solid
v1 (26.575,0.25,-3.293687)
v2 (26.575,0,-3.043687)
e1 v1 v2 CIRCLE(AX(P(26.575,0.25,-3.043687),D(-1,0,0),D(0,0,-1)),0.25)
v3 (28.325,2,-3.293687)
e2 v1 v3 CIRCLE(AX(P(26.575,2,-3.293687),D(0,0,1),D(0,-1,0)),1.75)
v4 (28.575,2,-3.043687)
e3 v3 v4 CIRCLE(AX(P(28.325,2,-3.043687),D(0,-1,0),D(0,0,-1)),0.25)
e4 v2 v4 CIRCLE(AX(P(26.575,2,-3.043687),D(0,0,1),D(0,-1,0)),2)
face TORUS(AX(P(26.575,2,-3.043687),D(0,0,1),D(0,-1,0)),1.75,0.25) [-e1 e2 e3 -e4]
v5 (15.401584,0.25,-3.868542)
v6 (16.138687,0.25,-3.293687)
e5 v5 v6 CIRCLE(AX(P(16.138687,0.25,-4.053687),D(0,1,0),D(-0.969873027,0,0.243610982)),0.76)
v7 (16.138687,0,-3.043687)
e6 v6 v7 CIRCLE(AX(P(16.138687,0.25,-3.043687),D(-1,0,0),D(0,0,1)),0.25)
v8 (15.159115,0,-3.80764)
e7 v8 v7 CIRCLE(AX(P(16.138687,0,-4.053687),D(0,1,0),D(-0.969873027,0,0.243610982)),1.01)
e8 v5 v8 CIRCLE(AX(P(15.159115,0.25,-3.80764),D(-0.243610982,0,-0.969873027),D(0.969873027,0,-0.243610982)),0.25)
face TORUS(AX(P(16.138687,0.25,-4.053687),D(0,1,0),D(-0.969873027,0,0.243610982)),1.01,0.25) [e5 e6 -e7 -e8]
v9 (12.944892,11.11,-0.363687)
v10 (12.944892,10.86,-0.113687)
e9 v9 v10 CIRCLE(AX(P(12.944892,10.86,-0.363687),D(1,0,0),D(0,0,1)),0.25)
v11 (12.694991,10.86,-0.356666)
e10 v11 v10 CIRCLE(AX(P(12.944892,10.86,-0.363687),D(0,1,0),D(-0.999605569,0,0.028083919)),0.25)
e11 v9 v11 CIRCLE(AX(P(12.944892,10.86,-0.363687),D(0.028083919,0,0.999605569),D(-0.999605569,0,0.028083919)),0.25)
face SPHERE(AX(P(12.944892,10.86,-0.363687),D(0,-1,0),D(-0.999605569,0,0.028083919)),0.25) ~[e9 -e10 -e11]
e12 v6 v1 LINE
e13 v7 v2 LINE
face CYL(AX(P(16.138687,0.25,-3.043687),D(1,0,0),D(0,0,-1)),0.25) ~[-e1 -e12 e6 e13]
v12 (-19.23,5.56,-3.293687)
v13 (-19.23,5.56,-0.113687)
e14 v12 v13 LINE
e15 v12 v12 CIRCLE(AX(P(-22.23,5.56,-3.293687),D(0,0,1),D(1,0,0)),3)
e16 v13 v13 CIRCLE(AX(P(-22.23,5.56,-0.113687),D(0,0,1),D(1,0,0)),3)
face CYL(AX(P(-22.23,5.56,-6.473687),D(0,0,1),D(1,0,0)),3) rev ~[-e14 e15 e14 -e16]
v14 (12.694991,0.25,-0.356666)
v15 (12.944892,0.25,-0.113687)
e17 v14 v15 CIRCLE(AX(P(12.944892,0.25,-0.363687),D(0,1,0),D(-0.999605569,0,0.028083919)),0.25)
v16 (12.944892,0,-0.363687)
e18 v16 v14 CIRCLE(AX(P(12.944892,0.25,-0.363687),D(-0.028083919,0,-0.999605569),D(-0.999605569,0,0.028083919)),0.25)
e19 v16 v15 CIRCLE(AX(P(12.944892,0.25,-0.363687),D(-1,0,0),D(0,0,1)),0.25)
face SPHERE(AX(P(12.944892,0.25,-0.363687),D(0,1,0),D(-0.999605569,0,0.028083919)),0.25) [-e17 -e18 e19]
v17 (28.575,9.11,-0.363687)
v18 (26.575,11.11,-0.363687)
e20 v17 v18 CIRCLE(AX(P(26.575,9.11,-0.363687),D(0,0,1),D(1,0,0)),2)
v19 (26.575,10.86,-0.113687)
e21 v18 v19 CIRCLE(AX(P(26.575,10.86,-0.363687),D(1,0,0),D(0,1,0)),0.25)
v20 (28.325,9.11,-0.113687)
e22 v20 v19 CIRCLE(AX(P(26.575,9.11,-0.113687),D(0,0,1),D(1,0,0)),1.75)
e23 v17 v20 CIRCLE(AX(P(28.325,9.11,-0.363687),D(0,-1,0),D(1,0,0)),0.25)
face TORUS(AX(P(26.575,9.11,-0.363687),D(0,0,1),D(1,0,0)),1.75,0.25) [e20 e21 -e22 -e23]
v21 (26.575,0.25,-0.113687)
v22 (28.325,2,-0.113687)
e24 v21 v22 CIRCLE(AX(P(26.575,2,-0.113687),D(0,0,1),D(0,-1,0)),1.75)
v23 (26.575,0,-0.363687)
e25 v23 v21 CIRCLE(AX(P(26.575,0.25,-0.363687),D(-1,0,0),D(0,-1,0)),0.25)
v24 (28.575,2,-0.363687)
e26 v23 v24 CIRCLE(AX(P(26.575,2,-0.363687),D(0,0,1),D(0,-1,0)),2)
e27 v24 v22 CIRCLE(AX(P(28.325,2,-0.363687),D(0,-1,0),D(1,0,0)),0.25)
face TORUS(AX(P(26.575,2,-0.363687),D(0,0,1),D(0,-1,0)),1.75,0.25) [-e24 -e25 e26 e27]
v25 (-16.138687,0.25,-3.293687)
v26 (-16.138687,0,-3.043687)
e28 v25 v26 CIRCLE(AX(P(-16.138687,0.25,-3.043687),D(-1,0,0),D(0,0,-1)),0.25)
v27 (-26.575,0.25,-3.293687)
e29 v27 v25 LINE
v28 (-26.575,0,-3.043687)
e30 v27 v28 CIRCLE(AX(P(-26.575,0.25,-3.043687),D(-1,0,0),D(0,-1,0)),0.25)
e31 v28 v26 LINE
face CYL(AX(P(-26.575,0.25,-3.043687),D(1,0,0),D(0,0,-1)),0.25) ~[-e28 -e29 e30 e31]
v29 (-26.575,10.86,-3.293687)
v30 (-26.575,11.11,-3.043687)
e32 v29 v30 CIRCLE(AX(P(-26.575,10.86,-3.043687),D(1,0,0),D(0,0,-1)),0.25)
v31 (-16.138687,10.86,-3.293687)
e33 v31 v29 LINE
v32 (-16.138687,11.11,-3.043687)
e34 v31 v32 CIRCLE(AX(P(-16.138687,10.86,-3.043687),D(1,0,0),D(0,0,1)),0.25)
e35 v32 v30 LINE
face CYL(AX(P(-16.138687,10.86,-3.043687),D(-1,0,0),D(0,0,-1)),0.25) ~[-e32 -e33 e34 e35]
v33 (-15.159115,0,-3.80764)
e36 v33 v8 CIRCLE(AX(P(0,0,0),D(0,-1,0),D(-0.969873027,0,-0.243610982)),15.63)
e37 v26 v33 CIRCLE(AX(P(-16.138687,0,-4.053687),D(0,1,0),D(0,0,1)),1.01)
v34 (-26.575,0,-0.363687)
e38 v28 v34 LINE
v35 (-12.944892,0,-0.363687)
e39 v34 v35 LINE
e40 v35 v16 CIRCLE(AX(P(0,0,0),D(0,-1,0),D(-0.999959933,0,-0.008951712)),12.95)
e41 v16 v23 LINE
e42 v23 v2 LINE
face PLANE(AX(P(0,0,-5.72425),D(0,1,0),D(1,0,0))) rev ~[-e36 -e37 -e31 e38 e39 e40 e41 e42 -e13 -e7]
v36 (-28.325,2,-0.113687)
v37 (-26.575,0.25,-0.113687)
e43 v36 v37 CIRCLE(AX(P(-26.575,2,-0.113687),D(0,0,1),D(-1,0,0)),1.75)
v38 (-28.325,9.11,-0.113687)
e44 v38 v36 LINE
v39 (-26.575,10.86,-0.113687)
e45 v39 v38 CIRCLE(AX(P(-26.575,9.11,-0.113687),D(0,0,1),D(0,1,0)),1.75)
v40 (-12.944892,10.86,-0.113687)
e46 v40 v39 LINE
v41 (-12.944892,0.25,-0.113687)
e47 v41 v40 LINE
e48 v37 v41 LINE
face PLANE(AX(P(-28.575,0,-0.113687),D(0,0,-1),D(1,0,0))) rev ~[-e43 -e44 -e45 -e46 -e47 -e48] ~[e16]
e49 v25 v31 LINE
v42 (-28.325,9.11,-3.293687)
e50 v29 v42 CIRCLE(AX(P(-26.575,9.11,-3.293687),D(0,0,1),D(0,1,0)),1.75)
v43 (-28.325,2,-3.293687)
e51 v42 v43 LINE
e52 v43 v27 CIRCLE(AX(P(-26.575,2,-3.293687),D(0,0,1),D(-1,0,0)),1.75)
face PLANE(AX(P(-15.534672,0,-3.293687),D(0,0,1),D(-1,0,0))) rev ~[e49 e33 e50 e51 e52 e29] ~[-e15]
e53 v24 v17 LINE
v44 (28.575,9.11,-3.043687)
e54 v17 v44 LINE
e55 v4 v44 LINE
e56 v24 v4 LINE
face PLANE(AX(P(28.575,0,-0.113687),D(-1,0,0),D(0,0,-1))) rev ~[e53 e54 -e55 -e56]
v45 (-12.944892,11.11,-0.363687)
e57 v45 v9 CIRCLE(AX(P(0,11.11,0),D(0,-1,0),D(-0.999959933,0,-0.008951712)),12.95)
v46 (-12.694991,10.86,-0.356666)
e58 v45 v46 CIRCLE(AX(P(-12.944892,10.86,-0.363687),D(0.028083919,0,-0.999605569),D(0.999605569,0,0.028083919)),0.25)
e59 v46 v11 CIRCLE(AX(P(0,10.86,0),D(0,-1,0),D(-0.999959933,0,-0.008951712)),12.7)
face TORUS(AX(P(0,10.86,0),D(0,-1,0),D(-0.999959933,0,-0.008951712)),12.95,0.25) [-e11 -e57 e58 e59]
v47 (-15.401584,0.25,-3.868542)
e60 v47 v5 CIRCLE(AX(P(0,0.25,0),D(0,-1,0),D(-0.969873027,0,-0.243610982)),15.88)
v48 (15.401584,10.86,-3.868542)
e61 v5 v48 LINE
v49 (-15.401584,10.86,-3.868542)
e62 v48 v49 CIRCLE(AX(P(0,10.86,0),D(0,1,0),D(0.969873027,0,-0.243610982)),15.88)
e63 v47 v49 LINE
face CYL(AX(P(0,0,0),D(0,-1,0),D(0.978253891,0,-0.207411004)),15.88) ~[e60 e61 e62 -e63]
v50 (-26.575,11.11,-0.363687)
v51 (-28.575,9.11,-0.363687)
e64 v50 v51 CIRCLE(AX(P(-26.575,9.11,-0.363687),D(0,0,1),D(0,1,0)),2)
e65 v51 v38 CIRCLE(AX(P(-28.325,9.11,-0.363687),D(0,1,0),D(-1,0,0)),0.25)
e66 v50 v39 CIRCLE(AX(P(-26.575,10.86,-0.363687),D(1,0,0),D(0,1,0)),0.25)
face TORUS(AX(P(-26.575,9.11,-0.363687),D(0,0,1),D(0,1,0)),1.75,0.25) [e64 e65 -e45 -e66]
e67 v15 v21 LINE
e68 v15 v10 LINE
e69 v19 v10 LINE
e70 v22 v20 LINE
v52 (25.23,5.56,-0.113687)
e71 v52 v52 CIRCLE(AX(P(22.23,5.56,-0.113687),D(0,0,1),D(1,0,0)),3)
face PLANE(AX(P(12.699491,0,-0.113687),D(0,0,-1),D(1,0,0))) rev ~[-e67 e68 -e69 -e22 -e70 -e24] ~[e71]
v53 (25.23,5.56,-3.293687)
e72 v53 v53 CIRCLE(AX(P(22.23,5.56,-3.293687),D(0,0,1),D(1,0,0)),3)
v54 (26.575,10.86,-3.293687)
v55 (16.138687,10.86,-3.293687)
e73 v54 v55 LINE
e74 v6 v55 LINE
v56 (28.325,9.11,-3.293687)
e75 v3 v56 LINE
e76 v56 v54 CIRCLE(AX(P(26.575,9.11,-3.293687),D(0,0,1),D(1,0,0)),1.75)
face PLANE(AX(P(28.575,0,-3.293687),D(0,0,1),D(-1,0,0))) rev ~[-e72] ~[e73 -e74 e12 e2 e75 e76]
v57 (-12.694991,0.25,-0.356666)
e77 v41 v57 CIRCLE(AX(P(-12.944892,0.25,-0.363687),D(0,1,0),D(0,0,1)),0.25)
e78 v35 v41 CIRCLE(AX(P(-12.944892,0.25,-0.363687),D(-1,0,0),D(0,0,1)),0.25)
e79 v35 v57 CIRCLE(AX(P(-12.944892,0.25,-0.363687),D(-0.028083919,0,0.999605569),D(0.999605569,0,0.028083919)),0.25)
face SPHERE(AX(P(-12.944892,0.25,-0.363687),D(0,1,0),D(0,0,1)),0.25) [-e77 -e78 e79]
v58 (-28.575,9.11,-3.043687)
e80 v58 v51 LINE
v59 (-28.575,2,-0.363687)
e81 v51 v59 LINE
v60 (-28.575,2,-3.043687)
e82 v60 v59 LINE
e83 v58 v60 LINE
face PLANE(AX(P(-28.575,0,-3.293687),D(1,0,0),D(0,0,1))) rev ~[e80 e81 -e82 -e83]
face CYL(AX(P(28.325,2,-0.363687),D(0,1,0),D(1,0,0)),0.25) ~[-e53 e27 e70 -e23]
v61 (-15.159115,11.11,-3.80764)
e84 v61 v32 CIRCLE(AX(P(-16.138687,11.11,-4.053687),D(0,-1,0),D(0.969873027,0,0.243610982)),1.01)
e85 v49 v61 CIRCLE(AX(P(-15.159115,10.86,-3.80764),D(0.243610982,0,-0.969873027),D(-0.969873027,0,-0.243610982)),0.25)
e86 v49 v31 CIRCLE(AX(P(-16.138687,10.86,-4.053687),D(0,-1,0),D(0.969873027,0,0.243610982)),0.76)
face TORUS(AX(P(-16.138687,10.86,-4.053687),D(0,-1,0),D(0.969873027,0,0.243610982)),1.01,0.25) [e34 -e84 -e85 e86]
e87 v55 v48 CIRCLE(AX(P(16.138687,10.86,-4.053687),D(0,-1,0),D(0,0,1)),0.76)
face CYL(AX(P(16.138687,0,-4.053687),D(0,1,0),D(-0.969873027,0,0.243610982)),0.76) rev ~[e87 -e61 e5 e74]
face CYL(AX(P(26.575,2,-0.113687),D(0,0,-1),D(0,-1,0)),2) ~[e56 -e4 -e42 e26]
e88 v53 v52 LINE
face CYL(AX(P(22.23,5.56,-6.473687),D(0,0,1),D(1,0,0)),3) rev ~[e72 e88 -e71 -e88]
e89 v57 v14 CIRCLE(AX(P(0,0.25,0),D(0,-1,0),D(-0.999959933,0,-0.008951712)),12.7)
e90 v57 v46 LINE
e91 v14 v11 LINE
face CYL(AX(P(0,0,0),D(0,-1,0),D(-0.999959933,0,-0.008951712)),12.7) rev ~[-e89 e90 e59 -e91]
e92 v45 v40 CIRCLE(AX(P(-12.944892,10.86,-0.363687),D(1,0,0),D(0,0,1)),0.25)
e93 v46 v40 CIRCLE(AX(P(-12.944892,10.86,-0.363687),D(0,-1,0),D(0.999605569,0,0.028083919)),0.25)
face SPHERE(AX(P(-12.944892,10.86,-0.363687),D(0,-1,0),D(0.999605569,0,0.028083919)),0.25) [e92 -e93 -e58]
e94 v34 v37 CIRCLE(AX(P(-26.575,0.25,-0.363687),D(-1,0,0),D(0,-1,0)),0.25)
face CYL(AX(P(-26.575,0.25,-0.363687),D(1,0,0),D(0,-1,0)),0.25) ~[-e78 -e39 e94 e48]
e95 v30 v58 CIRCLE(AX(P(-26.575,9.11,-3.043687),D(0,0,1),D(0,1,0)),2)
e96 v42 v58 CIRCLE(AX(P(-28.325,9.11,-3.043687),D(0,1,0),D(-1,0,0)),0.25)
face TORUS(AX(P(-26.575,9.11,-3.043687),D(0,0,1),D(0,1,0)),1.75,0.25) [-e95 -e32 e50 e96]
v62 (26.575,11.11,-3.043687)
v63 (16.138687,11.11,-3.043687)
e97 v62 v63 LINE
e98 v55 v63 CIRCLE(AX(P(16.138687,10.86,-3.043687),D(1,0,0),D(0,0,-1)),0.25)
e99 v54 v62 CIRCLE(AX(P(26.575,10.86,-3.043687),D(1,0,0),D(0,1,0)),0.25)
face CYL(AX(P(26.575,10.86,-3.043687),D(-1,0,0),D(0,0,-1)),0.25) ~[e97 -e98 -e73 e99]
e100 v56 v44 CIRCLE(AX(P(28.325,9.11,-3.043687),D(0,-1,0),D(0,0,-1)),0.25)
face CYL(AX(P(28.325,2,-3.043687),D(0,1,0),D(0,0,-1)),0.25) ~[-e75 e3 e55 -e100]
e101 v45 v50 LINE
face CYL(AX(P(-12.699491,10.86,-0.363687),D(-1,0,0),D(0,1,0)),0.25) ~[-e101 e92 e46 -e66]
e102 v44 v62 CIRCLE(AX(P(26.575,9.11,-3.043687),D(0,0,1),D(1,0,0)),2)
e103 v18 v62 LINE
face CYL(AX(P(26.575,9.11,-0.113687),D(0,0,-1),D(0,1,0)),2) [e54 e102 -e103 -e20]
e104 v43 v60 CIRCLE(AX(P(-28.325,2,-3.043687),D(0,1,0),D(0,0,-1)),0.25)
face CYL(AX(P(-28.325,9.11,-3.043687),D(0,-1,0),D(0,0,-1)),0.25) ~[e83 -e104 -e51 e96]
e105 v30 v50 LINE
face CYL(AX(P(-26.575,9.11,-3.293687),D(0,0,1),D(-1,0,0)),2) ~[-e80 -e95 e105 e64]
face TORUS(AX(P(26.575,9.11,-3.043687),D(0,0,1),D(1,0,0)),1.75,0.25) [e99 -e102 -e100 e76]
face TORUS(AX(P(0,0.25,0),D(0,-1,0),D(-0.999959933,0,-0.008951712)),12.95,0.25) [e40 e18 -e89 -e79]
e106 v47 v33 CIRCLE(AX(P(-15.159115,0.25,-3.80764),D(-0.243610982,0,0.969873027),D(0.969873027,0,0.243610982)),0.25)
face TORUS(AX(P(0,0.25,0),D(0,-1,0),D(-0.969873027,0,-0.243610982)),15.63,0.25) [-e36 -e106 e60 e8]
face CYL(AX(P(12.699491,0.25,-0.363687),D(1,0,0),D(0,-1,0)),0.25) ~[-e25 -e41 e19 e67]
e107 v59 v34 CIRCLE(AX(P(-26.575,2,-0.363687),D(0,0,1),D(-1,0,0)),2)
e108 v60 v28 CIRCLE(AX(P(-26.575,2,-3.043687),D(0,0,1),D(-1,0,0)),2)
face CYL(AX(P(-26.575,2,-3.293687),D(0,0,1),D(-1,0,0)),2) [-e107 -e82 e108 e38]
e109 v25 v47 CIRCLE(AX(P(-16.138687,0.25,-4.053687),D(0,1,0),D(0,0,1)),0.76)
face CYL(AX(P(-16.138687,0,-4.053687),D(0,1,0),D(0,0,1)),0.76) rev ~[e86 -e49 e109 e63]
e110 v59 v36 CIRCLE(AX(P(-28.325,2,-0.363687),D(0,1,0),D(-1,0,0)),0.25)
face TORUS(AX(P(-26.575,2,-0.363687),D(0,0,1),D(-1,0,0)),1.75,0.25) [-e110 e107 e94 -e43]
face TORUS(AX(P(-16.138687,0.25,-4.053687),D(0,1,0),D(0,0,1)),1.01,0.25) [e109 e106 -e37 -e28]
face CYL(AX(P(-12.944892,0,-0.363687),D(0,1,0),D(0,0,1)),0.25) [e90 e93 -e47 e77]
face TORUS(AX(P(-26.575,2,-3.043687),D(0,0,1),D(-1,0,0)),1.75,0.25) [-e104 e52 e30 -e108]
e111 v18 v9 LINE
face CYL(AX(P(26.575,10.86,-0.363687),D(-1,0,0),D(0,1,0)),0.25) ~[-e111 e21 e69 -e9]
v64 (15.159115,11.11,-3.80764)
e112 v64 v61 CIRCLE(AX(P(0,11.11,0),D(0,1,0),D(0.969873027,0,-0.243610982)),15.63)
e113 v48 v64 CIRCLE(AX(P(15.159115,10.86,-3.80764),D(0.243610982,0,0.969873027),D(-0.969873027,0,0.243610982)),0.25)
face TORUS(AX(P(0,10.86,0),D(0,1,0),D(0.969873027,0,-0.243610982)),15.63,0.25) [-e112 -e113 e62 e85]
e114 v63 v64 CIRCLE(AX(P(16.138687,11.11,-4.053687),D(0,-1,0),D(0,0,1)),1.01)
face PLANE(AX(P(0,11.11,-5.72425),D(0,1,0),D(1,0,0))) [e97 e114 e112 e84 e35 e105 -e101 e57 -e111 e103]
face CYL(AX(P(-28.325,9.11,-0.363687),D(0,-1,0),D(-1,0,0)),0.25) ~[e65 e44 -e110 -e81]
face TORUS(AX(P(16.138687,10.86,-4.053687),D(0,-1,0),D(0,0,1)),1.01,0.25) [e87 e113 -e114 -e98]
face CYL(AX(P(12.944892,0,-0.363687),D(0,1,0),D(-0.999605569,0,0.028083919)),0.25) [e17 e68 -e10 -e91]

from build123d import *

# Parameters (mm, degrees)
DODANIE_WYCI_GNI_CIE1_DEPTH    = 11.11
OTWORY_USTALAJ_CE_6_0MM1_D     = 6
OTWORY_USTALAJ_CE_6_0MM1_DEPTH = 3.18
ZAOKR_GLENIE1_R                = 2
ZAOKR_GLENIE2_R                = 0.76
ZAOKR_GLENIE4_R                = 0.25


with BuildPart() as part:
    # Szkic1 → Dodanie-wyciągnięcie1 (new body)
    with BuildSketch(Plane(origin=(0, 0, 0), x_dir=(1, 0, 0), z_dir=(0, 1, 0))):
        with BuildLine():
            Line((-28.575, 0.113686746), (-12.699491144, 0.113686746))
            ThreePointArc((-12.699491144, 0.113686746), (0, 12.7), (12.699491144, 0.113686746))
            Line((12.699491144, 0.113686746), (28.575, 0.113686746))
            Line((28.575, 0.113686746), (28.575, 3.293686746))
            Line((28.575, 3.293686746), (15.53467179, 3.293686746))
            ThreePointArc((15.53467179, 3.293686746), (0, 15.88), (-15.53467179, 3.293686746))
            Line((-15.53467179, 3.293686746), (-28.575, 3.293686746))
            Line((-28.575, 3.293686746), (-28.575, 0.113686746))
        make_face()
    extrude(amount=DODANIE_WYCI_GNI_CIE1_DEPTH)

    # Otwory ustalające Ø6.0mm1
    with Locations(Plane(origin=(0, 0, -3.293686746), x_dir=(-1, 0, 0), z_dir=(0, 0, -1))):
        with Locations((-22.23, 5.56), (22.23, 5.56)):
            Hole(OTWORY_USTALAJ_CE_6_0MM1_D / 2, depth=OTWORY_USTALAJ_CE_6_0MM1_DEPTH)

    # Zaokrąglenie1
    zaokr_glenie1_edges = [part.edges().sort_by_distance(p)[0] for p in [
        (28.575, 0, -1.703686746),
        (-28.575, 11.11, -1.703686746),
        (28.575, 11.11, -1.703686746),
        (-28.575, 0, -1.703686746),
    ]]
    fillet(zaokr_glenie1_edges, radius=ZAOKR_GLENIE1_R)

    # Zaokrąglenie2
    zaokr_glenie2_edges = [part.edges().sort_by_distance(p)[0] for p in [
        (-15.53467179, 5.555, -3.293686746),
        (15.53467179, 5.555, -3.293686746),
    ]]
    fillet(zaokr_glenie2_edges, radius=ZAOKR_GLENIE2_R)

    # Zaokrąglenie4
    zaokr_glenie4_edges = [part.edges().sort_by_distance(p)[0] for p in [
        (19.637245572, 0, -0.113686746),
        (12.699491144, 5.555, -0.113686746),
        (-12.699491144, 5.555, -0.113686746),
        (0, 11.11, -12.7),
        (28.575, 5.555, -3.293686746),
        (28.575, 5.555, -0.113686746),
        (27.989213562, 10.524213562, -3.293686746),
        (27.989213562, 0.585786438, -3.293686746),
        (-19.637245572, 0, -0.113686746),
        (-21.356843588, 0, -3.293686746),
        (27.989213562, 10.524213562, -0.113686746),
        (27.989213562, 0.585786438, -0.113686746),
        (-21.356843588, 11.11, -3.293686746),
        (-19.637245572, 11.11, -0.113686746),
        (-28.575, 5.555, -0.113686746),
        (-28.575, 5.555, -3.293686746),
        (-27.989213562, 0.585786438, -3.293686746),
        (-27.989213562, 10.524213562, -3.293686746),
        (-27.989213562, 0.585786438, -0.113686746),
        (-27.989213562, 10.524213562, -0.113686746),
        (19.637245572, 11.11, -0.113686746),
        (0, 0, -15.88),
        (0, 11.11, -15.88),
        (21.356843588, 0, -3.293686746),
        (21.356843588, 11.11, -3.293686746),
        (-15.671306016, 0, -3.45439145),
        (-15.671306016, 11.11, -3.45439145),
        (15.671306016, 0, -3.45439145),
        (15.671306016, 11.11, -3.45439145),
        (0, 0, -12.7),
    ]]
    fillet(zaokr_glenie4_edges, radius=ZAOKR_GLENIE4_R)


solid = part.part
